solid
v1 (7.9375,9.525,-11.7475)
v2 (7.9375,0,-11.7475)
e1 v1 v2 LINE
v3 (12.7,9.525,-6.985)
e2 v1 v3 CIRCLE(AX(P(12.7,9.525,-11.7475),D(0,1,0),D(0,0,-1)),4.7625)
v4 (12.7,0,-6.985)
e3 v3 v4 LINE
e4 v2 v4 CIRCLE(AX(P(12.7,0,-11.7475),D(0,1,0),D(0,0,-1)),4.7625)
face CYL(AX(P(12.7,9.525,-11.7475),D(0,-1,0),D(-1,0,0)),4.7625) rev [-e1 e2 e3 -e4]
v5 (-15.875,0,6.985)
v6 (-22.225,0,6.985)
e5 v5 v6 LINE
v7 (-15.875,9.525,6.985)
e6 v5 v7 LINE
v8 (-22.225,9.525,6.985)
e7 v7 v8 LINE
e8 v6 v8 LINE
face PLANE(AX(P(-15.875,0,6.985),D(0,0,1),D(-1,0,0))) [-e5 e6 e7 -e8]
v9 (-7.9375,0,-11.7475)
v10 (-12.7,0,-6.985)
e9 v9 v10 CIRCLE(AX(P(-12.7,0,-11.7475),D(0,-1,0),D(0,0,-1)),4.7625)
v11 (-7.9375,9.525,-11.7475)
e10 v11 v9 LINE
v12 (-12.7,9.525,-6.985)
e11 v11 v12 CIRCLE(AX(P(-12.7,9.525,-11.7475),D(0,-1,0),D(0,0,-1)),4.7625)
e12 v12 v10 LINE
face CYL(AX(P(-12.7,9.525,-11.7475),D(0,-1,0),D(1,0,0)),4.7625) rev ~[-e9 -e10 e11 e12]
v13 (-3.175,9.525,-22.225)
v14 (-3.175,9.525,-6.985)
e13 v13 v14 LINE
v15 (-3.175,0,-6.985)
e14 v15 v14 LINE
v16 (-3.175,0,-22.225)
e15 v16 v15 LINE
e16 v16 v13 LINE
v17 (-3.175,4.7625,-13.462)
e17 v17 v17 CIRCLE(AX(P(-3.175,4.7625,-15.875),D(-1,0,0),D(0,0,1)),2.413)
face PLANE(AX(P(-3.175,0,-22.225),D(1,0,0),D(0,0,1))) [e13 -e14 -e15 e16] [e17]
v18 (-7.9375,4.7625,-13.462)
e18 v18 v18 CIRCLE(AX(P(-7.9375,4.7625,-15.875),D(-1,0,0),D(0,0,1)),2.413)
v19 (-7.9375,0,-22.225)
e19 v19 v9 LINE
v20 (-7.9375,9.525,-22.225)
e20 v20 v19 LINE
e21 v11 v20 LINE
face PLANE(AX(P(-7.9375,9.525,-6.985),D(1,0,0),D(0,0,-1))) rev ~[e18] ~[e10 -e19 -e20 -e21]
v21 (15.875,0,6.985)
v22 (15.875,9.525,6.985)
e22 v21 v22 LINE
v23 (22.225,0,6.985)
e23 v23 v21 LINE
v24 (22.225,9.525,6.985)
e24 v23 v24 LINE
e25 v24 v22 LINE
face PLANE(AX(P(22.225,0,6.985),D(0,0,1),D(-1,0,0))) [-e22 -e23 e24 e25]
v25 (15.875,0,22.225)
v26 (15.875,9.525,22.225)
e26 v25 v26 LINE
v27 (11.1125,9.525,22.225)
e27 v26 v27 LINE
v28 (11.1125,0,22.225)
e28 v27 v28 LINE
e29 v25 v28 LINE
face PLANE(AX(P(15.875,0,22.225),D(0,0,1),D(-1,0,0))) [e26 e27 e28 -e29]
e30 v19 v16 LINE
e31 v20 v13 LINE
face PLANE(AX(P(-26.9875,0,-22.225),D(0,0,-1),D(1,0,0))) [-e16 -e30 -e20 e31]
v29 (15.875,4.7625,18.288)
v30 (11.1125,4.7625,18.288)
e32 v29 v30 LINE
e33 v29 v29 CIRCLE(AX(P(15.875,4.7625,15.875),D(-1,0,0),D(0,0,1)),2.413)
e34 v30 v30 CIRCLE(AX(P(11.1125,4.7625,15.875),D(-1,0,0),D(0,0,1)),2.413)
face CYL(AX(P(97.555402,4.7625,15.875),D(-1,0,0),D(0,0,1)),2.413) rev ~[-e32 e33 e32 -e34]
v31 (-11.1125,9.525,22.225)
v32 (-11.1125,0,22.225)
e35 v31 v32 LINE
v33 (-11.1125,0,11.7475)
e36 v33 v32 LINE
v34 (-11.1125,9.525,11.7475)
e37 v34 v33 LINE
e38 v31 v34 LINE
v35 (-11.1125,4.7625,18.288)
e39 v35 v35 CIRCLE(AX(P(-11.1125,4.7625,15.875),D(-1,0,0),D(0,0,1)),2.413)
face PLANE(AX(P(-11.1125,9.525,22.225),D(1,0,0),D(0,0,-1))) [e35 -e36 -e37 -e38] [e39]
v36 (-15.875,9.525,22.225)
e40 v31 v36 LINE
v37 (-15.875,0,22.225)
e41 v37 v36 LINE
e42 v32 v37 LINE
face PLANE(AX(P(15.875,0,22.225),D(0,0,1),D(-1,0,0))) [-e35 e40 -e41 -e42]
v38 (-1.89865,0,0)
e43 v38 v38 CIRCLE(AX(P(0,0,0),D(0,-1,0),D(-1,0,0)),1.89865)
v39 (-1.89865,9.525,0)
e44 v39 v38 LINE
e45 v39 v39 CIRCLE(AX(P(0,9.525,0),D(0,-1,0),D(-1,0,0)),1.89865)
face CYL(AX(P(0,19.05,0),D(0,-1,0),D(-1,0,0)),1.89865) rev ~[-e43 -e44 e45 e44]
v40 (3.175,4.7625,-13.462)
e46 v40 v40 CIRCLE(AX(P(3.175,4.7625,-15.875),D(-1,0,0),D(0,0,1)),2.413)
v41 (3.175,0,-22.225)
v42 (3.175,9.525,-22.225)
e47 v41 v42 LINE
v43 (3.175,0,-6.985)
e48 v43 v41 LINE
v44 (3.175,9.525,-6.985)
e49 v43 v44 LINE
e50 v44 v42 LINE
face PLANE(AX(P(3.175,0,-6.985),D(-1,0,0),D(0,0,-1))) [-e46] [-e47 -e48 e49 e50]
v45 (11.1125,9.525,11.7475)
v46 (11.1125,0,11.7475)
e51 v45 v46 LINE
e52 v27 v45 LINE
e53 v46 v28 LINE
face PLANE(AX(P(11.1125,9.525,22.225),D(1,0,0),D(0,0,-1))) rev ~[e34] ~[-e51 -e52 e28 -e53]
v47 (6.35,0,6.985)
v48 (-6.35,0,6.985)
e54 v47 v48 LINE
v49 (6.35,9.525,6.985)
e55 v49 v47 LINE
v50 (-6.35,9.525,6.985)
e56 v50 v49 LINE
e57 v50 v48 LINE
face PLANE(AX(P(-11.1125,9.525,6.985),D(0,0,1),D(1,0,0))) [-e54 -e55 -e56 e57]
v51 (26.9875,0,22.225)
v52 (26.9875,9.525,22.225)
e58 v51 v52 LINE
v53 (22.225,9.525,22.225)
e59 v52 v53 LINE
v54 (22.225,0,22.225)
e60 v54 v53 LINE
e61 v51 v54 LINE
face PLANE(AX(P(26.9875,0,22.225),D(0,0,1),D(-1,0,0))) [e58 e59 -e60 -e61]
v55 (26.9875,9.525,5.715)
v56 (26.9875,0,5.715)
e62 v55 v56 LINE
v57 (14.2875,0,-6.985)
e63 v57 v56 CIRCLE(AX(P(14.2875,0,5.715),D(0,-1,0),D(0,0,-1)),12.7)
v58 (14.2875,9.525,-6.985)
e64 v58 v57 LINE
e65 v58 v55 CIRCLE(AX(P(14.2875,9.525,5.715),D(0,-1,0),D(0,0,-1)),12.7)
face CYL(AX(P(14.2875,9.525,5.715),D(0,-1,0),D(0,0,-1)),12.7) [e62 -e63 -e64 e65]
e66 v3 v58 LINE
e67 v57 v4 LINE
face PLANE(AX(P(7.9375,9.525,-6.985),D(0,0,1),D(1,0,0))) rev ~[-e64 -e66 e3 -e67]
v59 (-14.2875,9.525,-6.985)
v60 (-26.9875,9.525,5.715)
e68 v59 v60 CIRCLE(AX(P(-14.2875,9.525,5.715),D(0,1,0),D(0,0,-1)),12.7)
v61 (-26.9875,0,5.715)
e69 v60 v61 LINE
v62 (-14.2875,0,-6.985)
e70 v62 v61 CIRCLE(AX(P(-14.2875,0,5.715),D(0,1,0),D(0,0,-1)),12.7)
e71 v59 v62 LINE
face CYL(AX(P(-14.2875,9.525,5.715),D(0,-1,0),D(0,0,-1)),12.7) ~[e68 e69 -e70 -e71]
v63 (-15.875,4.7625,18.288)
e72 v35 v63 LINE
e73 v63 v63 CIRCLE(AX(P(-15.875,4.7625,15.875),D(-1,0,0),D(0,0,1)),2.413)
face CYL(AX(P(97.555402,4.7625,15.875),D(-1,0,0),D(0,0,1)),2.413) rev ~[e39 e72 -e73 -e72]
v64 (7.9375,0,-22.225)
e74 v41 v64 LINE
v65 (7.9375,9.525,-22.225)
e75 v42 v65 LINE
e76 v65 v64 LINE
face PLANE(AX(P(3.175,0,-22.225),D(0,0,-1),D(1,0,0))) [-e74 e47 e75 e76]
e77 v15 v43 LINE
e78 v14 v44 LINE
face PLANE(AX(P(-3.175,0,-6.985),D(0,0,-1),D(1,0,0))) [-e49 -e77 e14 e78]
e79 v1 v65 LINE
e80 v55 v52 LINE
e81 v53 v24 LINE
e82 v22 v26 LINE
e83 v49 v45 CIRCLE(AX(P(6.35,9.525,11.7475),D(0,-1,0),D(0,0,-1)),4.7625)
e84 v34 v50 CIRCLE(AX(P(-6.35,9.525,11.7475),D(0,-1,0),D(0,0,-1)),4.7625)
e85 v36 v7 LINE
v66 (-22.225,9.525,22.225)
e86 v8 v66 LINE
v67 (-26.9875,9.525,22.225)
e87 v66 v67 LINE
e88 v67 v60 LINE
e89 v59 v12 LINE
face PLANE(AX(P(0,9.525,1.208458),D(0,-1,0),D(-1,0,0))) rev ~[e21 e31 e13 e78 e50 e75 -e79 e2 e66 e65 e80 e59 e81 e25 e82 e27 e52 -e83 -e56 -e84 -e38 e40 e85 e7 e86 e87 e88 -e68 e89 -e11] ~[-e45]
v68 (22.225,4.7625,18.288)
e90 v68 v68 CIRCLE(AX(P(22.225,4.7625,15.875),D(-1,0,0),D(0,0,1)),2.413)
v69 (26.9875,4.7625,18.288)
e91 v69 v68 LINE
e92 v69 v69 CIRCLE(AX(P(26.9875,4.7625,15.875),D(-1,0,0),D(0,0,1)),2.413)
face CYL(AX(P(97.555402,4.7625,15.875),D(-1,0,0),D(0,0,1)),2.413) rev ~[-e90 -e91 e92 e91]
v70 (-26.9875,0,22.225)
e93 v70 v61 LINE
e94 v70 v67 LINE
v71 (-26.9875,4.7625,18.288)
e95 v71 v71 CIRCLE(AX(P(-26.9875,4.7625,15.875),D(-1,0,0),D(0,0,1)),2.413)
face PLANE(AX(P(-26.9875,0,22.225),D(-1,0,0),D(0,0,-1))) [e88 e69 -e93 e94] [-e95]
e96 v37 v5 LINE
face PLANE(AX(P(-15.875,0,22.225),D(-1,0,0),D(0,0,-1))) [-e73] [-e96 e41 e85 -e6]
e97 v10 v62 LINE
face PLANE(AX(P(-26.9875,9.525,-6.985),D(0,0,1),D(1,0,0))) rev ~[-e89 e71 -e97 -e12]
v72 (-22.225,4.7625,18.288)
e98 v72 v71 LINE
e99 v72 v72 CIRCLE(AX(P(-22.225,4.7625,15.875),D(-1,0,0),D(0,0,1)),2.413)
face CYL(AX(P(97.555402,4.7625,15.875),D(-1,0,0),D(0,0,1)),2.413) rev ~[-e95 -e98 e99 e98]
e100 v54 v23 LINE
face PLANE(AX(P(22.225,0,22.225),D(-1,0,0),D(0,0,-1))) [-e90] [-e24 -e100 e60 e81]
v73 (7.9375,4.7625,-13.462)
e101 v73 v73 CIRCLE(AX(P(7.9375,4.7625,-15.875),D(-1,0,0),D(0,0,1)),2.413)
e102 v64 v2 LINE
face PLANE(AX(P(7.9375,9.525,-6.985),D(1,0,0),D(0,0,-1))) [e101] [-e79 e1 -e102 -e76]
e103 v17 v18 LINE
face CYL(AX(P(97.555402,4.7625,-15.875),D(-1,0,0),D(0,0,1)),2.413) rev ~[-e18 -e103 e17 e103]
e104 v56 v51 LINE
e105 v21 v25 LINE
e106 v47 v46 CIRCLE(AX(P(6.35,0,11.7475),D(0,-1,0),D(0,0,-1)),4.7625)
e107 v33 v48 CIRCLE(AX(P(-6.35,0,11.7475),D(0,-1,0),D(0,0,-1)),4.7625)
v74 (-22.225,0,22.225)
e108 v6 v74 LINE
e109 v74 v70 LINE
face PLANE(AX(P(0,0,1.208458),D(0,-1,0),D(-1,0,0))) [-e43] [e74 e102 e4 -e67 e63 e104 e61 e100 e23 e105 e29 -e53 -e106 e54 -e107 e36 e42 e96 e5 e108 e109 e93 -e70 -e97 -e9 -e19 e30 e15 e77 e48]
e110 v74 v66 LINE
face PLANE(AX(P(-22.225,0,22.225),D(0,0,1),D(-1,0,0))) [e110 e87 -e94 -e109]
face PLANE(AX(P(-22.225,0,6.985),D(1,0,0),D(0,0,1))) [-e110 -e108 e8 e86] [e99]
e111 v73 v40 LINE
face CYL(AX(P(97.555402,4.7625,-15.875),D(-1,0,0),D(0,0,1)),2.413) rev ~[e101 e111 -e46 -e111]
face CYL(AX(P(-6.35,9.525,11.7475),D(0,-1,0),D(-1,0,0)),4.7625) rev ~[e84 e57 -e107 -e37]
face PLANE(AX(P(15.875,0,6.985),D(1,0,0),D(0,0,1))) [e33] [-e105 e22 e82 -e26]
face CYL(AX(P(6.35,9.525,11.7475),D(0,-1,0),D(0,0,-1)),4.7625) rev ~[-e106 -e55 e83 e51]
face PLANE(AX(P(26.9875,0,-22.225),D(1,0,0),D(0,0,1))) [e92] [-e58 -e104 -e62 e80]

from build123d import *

# Parameters (mm, degrees)
BOSS_EXTRUDE1_DEPTH                   = 9.525
SKETCH2_W                             = 19.05
SKETCH2_H                             = 15.24
SKETCH2_W_2                           = 22.225
CUT_EXTRUDE1_DEPTH                    = 10.525
F_3_16_0_1875_CLEARANCE_DOWEL_HOLE1_D = 4.826
F_10_24_TAPPED_HOLE1_D                = 3.7973
F_10_24_TAPPED_HOLE1_DEPTH            = 9.525
FILLET1_R                             = 4.7625
FILLET2_R                             = 12.7


with BuildPart() as part:
    # Sketch1 → Boss-Extrude1 (new body)
    with BuildSketch(Plane(origin=(0, 0, 0), x_dir=(1, 0, 0), z_dir=(0, 1, 0))):
        Polygon((-3.175, 22.225), (-3.175, 6.985), (3.175, 6.985), (3.175, 22.225), (26.9875, 22.225), (26.9875, -22.225), (22.225, -22.225), (22.225, -6.985), (15.875, -6.985), (15.875, -22.225), (-15.875, -22.225), (-15.875, -6.985), (-22.225, -6.985), (-22.225, -22.225), (-26.9875, -22.225), (-26.9875, 22.225), align=None)
    extrude(amount=BOSS_EXTRUDE1_DEPTH)

    # Sketch2 → Cut-Extrude1 (cut, through all)
    with BuildSketch(Plane(origin=(0, 9.525, 0), x_dir=(1, 0, 0), z_dir=(0, 1, 0))):
        with Locations((-17.4625, 14.605)):
            Rectangle(SKETCH2_W, SKETCH2_H)
        with Locations((17.4625, 14.605)):
            Rectangle(SKETCH2_W, SKETCH2_H)
        with Locations((0, -14.605)):
            Rectangle(SKETCH2_W_2, SKETCH2_H)
    extrude(amount=-CUT_EXTRUDE1_DEPTH, mode=Mode.SUBTRACT)

    # 3/16 (0.1875) Clearance Dowel Hole1 (through all)
    with Locations(Plane(origin=(26.9875, 0, 0), x_dir=(0, 0, -1), z_dir=(1, 0, 0))):
        with Locations((-15.875, 4.7625), (15.875, 4.7625)):
            Hole(F_3_16_0_1875_CLEARANCE_DOWEL_HOLE1_D / 2)

    # #10-24 Tapped Hole1
    with Locations(Plane(origin=(0, 9.525, 0), x_dir=(1, 0, 0), z_dir=(0, 1, 0))):
        with Locations((0, 0)):
            Hole(F_10_24_TAPPED_HOLE1_D / 2, depth=F_10_24_TAPPED_HOLE1_DEPTH)

    # Fillet1
    fillet1_edges = [part.edges().sort_by_distance(p)[0] for p in [
        (-7.9375, 4.7625, -6.985),
        (7.9375, 4.7625, -6.985),
        (-11.1125, 4.7625, 6.985),
        (11.1125, 4.7625, 6.985),
    ]]
    fillet(fillet1_edges, radius=FILLET1_R)

    # Fillet2
    fillet2_edges = [part.edges().sort_by_distance(p)[0] for p in [
        (-26.9875, 4.7625, -6.985),
        (26.9875, 4.7625, -6.985),
    ]]
    fillet(fillet2_edges, radius=FILLET2_R)


solid = part.part
